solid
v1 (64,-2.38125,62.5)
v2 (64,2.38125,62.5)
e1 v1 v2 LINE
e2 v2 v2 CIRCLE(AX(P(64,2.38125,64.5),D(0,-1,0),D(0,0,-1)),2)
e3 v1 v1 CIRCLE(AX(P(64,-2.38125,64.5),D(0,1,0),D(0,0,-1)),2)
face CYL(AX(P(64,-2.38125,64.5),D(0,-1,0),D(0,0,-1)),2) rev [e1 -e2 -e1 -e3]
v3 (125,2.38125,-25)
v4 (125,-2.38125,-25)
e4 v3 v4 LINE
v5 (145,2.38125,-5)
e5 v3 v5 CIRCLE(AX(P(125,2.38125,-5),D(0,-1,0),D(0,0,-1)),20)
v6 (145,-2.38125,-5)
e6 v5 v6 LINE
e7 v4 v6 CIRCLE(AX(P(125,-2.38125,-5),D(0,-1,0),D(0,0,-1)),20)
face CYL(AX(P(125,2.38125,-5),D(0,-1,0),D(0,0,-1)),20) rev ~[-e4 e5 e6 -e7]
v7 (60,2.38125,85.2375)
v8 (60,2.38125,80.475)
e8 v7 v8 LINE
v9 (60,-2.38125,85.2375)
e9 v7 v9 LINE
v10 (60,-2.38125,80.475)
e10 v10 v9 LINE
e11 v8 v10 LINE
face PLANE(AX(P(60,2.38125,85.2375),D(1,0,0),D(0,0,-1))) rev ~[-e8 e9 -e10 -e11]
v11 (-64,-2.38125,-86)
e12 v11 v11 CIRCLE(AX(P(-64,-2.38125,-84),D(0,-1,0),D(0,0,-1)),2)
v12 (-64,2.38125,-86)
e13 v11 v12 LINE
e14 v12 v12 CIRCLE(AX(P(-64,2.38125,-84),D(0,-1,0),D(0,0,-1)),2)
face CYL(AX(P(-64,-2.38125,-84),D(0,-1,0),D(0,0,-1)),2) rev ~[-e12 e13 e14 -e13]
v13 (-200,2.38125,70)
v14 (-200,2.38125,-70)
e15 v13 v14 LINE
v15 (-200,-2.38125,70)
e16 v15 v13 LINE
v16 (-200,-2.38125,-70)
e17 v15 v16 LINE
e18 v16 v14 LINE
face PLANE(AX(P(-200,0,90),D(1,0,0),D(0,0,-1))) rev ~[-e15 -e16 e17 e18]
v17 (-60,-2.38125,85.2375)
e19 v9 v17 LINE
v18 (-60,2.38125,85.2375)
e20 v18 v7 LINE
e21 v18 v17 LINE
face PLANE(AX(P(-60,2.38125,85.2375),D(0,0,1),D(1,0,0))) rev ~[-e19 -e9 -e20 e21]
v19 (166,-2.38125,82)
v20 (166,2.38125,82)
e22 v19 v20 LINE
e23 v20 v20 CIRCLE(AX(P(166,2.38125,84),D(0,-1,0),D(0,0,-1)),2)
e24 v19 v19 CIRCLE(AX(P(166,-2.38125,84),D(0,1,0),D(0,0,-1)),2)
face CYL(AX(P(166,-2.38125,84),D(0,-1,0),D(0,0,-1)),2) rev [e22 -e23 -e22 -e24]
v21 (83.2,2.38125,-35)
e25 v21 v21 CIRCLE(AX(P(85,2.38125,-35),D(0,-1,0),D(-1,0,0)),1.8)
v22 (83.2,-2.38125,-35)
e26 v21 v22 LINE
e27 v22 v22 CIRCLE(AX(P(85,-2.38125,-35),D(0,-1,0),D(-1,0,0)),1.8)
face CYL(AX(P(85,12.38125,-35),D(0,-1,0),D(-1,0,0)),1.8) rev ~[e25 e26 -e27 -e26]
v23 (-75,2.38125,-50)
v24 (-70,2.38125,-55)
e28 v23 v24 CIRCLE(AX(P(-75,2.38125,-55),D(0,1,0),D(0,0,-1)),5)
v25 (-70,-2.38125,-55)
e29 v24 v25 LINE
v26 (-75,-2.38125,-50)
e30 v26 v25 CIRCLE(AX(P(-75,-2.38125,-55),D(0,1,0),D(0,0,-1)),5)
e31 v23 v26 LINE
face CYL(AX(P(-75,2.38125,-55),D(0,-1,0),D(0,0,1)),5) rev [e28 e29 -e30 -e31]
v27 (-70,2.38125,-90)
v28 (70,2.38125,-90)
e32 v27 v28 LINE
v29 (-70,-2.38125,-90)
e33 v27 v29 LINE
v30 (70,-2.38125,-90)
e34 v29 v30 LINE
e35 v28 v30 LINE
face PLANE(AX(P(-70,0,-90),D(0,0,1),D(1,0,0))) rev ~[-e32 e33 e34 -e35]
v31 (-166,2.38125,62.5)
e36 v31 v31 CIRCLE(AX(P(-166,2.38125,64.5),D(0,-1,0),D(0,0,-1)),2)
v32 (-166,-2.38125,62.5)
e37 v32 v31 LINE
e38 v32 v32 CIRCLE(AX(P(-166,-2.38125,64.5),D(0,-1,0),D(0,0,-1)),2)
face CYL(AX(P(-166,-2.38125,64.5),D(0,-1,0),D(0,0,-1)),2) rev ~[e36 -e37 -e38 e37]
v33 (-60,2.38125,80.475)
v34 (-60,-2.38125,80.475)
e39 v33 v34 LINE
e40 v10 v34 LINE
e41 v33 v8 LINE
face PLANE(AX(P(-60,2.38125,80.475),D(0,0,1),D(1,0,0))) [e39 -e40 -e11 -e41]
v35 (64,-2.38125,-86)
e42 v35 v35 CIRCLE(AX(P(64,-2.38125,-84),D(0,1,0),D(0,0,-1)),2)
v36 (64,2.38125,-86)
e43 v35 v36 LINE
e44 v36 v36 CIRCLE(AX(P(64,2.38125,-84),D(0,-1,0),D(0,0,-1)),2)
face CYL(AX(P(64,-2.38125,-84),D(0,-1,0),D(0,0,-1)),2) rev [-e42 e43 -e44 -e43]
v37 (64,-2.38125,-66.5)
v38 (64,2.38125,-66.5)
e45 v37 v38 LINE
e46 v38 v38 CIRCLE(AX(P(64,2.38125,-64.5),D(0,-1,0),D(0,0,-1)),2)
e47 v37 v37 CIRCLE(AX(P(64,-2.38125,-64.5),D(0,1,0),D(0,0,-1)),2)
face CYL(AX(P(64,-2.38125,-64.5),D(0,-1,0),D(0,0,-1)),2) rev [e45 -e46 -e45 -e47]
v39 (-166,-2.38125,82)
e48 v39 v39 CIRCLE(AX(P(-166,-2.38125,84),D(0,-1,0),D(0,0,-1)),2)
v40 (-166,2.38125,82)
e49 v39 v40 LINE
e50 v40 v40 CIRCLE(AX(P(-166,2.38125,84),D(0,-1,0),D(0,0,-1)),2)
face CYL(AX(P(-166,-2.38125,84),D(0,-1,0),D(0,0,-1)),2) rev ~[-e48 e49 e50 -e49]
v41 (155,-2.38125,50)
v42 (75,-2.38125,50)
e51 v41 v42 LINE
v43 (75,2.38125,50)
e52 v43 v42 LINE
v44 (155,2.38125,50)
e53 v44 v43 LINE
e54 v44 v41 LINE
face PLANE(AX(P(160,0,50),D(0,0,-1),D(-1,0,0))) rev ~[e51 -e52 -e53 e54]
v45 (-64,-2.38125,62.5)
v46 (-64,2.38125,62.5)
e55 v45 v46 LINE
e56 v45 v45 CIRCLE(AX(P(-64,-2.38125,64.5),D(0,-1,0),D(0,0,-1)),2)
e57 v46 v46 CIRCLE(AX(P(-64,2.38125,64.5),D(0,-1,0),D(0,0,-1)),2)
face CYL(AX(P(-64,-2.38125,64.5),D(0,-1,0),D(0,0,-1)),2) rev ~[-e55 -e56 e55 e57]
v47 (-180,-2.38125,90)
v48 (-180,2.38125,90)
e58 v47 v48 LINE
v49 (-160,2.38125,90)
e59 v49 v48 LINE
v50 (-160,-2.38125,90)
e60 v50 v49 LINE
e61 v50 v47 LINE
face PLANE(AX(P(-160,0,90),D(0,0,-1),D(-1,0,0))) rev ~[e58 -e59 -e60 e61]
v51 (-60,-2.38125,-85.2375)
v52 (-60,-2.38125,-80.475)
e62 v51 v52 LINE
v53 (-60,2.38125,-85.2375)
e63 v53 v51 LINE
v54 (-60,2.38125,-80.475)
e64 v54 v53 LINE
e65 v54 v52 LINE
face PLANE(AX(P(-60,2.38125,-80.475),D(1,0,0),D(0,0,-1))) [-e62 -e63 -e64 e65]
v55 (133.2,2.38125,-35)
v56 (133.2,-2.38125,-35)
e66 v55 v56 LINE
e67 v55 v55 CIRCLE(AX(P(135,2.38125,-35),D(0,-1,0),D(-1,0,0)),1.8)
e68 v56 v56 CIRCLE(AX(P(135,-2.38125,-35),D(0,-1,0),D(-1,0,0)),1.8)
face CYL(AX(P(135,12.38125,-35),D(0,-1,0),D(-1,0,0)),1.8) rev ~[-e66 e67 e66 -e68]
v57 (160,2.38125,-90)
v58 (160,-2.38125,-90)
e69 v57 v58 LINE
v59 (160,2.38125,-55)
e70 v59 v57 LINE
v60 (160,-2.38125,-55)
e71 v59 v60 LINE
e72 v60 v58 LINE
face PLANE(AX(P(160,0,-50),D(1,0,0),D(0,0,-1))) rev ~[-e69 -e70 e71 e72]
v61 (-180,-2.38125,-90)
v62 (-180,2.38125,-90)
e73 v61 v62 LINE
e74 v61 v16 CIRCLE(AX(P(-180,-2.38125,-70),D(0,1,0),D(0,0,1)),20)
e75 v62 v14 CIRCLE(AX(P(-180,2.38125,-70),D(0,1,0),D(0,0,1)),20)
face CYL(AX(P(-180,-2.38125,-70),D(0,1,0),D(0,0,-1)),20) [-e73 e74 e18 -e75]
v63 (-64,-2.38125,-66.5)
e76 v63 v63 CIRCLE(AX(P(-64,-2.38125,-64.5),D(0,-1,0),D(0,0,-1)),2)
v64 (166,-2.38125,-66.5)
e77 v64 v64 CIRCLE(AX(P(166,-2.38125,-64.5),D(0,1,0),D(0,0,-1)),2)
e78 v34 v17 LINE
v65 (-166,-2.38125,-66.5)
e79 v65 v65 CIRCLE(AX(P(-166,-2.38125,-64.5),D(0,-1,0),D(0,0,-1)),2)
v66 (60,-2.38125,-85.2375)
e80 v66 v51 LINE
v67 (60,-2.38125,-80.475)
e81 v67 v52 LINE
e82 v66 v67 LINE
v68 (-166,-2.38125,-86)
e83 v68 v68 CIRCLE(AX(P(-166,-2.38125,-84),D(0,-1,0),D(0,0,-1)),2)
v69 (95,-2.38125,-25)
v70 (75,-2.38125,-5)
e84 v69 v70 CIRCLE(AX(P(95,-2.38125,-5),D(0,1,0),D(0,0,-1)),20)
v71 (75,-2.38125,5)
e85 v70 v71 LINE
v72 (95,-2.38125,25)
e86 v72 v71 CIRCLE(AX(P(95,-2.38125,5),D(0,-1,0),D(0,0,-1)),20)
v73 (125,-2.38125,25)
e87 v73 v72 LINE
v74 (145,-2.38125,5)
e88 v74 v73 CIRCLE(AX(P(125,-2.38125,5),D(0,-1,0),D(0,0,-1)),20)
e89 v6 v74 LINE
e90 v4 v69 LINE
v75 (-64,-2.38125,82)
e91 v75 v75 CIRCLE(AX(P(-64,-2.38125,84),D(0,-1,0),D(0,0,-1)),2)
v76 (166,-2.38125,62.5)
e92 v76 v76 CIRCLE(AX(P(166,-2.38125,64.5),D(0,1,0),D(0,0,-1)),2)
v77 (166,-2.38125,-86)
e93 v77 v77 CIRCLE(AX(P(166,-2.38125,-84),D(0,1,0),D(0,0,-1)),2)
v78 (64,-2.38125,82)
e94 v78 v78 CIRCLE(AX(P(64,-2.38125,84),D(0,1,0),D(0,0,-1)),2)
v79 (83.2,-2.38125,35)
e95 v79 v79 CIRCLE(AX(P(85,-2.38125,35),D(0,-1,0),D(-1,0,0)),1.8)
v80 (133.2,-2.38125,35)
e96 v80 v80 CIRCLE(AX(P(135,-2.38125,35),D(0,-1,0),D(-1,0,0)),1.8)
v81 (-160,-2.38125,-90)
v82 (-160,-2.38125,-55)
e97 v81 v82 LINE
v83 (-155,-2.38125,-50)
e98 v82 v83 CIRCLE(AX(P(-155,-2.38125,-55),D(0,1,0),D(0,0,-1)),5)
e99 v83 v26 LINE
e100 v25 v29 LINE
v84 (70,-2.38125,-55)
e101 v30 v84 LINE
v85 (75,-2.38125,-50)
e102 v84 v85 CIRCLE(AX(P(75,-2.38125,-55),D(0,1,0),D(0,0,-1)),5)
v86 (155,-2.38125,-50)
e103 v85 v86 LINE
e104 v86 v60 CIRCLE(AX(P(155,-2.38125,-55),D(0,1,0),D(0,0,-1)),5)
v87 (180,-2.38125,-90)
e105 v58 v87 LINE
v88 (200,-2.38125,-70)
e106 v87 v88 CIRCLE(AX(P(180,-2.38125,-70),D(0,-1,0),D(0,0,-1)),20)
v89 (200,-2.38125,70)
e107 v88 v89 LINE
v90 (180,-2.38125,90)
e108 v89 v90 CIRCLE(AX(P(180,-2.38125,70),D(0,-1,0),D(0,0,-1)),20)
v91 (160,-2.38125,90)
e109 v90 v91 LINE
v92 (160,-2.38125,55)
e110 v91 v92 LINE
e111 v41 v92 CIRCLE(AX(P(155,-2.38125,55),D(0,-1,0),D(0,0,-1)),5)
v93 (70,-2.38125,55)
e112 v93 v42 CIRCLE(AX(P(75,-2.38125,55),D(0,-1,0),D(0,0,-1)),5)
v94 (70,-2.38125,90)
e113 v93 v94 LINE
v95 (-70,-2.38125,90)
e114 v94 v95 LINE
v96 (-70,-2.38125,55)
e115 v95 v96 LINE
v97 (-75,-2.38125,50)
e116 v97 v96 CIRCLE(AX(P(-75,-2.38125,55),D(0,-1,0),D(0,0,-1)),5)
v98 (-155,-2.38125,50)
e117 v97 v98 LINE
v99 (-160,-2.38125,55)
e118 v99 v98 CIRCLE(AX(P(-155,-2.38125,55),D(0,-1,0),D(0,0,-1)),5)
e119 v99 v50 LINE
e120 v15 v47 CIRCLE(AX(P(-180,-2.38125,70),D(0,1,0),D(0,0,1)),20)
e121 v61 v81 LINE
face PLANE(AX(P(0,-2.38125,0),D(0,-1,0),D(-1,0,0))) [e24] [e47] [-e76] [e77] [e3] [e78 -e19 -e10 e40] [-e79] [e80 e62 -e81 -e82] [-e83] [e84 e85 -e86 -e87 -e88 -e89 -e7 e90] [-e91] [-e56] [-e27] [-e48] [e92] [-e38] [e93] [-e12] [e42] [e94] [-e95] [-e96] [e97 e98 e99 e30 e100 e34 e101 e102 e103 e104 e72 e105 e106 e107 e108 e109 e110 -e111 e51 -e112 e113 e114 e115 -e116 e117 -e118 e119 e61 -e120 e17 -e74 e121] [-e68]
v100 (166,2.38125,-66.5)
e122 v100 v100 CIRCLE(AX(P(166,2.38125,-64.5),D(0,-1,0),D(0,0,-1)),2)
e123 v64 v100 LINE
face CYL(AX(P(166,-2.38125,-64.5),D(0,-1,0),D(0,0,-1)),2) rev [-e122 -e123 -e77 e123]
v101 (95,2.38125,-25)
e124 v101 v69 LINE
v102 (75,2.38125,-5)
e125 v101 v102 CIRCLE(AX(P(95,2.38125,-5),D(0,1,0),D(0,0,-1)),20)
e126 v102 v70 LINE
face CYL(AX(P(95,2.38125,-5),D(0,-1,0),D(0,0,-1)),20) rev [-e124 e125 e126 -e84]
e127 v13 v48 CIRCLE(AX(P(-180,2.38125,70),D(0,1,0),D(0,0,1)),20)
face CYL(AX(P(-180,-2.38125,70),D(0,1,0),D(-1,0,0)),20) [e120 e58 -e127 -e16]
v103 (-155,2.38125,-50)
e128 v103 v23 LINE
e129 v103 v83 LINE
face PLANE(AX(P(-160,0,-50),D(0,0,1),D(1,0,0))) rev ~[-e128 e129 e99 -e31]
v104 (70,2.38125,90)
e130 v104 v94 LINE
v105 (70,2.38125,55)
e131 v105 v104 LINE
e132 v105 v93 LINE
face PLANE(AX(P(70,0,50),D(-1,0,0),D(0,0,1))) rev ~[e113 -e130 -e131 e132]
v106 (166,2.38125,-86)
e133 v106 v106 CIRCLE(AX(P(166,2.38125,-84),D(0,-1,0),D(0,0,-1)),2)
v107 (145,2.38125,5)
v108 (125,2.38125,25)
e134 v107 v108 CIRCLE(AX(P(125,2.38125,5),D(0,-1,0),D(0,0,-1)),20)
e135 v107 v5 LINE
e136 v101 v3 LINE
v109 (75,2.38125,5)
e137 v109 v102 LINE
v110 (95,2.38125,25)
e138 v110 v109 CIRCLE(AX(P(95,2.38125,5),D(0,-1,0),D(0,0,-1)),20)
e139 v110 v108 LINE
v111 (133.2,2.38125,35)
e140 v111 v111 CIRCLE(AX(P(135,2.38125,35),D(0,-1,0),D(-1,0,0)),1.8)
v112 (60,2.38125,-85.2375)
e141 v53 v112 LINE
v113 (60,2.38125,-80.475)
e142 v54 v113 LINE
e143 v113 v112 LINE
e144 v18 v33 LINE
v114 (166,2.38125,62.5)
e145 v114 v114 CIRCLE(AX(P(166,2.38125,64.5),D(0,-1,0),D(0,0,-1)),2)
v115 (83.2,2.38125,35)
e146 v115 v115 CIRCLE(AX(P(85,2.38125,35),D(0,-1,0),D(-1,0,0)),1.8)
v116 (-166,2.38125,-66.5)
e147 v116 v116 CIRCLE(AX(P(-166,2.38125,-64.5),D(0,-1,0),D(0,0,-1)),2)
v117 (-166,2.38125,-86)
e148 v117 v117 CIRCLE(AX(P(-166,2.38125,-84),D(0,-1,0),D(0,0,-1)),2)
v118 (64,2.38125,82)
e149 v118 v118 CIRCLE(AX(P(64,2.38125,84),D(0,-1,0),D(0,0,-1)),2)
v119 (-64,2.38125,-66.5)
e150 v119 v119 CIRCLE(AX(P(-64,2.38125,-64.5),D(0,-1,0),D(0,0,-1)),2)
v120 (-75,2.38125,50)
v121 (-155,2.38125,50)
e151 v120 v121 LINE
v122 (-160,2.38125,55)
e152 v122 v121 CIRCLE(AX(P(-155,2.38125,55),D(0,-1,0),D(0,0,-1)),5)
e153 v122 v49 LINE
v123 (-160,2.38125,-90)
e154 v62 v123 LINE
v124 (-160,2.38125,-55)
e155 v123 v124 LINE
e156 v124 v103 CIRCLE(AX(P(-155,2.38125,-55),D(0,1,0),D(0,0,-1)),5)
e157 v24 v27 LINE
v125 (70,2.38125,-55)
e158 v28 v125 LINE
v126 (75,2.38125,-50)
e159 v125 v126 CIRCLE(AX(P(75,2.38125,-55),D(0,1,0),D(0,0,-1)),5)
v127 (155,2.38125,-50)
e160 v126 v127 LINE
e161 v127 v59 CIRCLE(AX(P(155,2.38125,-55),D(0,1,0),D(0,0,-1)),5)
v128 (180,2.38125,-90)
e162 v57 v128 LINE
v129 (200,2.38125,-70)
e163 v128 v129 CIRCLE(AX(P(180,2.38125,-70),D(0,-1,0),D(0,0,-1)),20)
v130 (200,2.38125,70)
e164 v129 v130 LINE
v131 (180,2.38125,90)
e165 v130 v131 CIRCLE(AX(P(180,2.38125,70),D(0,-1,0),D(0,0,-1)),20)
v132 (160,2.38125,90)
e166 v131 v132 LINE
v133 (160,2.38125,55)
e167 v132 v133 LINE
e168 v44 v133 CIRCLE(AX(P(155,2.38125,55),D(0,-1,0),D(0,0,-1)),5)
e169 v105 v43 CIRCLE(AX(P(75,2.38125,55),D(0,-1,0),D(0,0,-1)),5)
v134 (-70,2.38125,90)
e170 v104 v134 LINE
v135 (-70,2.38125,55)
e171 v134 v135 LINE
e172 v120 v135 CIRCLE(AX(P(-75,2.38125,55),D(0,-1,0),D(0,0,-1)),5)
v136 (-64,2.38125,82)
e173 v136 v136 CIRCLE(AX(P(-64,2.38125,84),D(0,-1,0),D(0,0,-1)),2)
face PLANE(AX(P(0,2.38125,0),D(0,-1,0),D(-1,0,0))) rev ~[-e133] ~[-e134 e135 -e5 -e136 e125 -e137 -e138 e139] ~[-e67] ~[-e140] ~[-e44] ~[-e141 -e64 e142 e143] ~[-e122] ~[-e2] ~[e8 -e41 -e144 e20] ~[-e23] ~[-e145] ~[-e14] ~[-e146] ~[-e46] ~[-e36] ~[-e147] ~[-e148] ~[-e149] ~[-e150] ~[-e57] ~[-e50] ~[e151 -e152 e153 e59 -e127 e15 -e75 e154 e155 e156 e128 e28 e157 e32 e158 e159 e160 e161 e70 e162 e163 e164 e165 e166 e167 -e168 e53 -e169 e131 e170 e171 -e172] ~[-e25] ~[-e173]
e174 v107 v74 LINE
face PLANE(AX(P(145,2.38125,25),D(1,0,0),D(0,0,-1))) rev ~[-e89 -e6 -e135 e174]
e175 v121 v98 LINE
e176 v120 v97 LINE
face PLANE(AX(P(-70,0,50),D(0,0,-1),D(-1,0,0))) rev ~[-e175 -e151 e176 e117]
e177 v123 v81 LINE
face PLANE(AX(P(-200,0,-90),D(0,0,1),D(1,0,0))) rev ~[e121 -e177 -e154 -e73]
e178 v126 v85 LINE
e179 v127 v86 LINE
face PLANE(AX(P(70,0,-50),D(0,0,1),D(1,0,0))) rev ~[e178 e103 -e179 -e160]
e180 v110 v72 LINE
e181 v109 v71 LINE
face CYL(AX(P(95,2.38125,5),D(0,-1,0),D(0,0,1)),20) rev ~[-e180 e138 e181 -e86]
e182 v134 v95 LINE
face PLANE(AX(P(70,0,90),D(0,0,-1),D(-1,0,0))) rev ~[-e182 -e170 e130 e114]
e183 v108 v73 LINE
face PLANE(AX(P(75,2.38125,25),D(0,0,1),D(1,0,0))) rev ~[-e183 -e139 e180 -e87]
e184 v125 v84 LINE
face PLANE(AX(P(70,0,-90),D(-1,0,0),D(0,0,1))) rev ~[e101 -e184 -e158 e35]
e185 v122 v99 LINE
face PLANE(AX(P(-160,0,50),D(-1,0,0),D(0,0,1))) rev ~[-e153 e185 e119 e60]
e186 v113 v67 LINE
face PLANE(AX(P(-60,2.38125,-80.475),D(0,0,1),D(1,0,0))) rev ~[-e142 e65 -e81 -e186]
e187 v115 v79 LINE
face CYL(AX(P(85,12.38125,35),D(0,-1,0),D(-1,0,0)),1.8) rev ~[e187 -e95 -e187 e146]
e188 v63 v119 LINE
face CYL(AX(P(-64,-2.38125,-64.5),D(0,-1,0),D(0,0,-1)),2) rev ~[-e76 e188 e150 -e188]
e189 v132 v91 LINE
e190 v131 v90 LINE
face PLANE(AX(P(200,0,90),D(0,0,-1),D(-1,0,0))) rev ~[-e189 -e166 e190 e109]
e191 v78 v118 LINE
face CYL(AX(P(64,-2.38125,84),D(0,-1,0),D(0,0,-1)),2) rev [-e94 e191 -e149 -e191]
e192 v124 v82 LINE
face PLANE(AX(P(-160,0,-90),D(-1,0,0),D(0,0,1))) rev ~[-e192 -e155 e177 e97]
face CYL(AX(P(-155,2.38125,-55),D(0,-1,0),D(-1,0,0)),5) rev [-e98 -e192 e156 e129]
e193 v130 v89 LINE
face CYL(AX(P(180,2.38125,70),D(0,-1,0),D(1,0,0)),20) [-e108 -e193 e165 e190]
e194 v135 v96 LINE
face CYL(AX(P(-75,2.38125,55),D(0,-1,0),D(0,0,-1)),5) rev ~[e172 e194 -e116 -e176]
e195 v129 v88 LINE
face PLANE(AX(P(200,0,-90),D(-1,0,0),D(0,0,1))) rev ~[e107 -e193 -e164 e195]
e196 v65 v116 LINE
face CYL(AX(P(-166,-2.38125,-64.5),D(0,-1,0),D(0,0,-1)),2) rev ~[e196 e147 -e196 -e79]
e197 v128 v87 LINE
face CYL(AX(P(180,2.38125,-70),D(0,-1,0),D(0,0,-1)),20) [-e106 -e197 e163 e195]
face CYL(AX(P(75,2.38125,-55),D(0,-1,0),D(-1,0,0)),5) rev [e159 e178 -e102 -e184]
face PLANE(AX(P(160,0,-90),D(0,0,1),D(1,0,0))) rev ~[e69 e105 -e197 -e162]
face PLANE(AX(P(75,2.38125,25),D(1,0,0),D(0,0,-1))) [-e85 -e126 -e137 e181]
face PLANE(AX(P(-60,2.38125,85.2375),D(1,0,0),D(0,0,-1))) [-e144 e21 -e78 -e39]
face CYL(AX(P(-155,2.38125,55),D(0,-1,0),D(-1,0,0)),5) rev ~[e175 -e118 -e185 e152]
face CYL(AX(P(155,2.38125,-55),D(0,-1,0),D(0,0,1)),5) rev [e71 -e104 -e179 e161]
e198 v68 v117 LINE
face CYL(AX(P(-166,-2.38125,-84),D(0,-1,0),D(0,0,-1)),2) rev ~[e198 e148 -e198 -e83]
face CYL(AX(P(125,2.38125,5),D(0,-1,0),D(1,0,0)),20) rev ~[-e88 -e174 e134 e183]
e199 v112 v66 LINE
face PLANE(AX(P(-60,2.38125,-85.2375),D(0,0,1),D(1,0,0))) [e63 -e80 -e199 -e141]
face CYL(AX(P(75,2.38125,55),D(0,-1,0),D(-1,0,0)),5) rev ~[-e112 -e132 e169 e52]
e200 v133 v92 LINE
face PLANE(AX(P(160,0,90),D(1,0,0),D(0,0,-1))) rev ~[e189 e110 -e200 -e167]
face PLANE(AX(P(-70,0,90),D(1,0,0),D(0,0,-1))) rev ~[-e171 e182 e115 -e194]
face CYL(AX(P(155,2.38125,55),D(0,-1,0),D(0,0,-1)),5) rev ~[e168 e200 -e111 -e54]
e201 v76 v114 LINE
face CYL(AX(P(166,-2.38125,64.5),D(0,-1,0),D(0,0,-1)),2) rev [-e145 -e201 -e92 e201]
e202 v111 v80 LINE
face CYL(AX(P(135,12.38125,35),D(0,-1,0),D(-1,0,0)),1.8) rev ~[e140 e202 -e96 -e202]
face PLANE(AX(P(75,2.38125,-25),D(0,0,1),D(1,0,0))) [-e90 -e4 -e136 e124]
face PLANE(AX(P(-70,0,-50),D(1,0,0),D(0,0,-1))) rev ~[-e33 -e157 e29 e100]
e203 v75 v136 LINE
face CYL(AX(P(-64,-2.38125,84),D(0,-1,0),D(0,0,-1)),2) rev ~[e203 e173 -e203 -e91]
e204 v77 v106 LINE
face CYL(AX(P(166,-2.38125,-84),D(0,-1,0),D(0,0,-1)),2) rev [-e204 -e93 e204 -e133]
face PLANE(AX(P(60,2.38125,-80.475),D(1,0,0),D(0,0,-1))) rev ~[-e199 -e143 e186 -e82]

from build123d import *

# Parameters (mm, degrees)
BOSS_EXTRUDE1_DEPTH      = 2.38125
M3_CLEARANCE_HOLE1_D     = 3.6
M3_CLEARANCE_HOLE1_DEPTH = 10
M3_CLEARANCE_HOLE1_TIP   = 1.081549114
SKETCH5_W                = 120
SKETCH5_H                = 4.7625
CUT_EXTRUDE1_DEPTH       = 10
SKETCH6_R                = 2
CUT_EXTRUDE2_DEPTH       = 10
SKETCH7_W                = 70
SKETCH7_H                = 50
CUT_EXTRUDE3_DEPTH       = 10
FILLET1_R                = 20
FILLET2_R                = 5


with BuildPart() as part:
    # Sketch1 → Boss-Extrude1 (new, symmetric)
    with BuildSketch(Plane(origin=(0, 0, 0), x_dir=(1, 0, 0), z_dir=(0, 1, 0))):
        Polygon((-200, 90), (-160, 90), (-160, 50), (-70, 50), (-70, 90), (70, 90), (70, 50), (160, 50), (160, 90), (200, 90), (200, -90), (160, -90), (160, -50), (70, -50), (70, -90), (-70, -90), (-70, -50), (-160, -50), (-160, -90), (-200, -90), align=None)
    extrude(amount=BOSS_EXTRUDE1_DEPTH, both=True)

    # M3 Clearance Hole1
    with Locations(Plane(origin=(0, 2.38125, 0), x_dir=(1, 0, 0), z_dir=(0, 1, 0))):
        with Locations((135, -35), (85, -35), (85, 35), (135, 35)):
            Hole(M3_CLEARANCE_HOLE1_D / 2, depth=M3_CLEARANCE_HOLE1_DEPTH)
            with Locations((0, 0, -(M3_CLEARANCE_HOLE1_DEPTH + M3_CLEARANCE_HOLE1_TIP / 2))):  # 118° drill point
                Cone(0, M3_CLEARANCE_HOLE1_D / 2, M3_CLEARANCE_HOLE1_TIP, mode=Mode.SUBTRACT)

    # Sketch5 → Cut-Extrude1 (cut)
    with BuildSketch(Plane(origin=(0, 2.38125, 0), x_dir=(1, 0, 0), z_dir=(0, 1, 0))):
        with Locations((0, 82.85625)):
            Rectangle(SKETCH5_W, SKETCH5_H)
        with Locations((0, -82.85625)):
            Rectangle(SKETCH5_W, SKETCH5_H)
    extrude(amount=-CUT_EXTRUDE1_DEPTH, mode=Mode.SUBTRACT)

    # Sketch6 → Cut-Extrude2 (cut)
    with BuildSketch(Plane.XZ.offset(2.38125)):
        with Locations(Location((-166, 84, 0), (0, 0, 270))):
            Circle(SKETCH6_R)
        with Locations(Location((-166, 64.5, 0), (0, 0, 270))):
            Circle(SKETCH6_R)
        with Locations(Location((-64, 84, 0), (0, 0, 270))):
            Circle(SKETCH6_R)
        with Locations(Location((-64, 64.5, 0), (0, 0, 270))):
            Circle(SKETCH6_R)
        with Locations(Location((-166, -64.5, 0), (0, 0, 270))):
            Circle(SKETCH6_R)
        with Locations(Location((-166, -84, 0), (0, 0, 270))):
            Circle(SKETCH6_R)
        with Locations(Location((-64, -64.5, 0), (0, 0, 270))):
            Circle(SKETCH6_R)
        with Locations(Location((-64, -84, 0), (0, 0, 270))):
            Circle(SKETCH6_R)
    cut_extrude2 = extrude(amount=-CUT_EXTRUDE2_DEPTH, mode=Mode.SUBTRACT)

    # Mirror1: Cut-Extrude2 across plane
    add(cut_extrude2.mirror(Plane.ZY), mode=Mode.SUBTRACT)

    # Sketch7 → Cut-Extrude3 (cut)
    with BuildSketch(Plane(origin=(0, 2.38125, 0), x_dir=(1, 0, 0), z_dir=(0, 1, 0))):
        with Locations((110, 0)):
            Rectangle(SKETCH7_W, SKETCH7_H)
    extrude(amount=-CUT_EXTRUDE3_DEPTH, mode=Mode.SUBTRACT)

    # Fillet1
    fillet1_edges = [part.edges().sort_by_distance(p)[0] for p in [
        (75, 0, 25),
        (75, 0, -25),
        (145, 0, -25),
        (145, 0, 25),
        (-200, 0, -90),
        (200, 0, -90),
        (200, 0, 90),
        (-200, 0, 90),
    ]]
    fillet(fillet1_edges, radius=FILLET1_R)

    # Fillet2
    fillet2_edges = [part.edges().sort_by_distance(p)[0] for p in [
        (-160, 0, -50),
        (-70, 0, -50),
        (70, 0, -50),
        (160, 0, -50),
        (160, 0, 50),
        (70, 0, 50),
        (-70, 0, 50),
        (-160, 0, 50),
    ]]
    fillet(fillet2_edges, radius=FILLET2_R)


solid = part.part
